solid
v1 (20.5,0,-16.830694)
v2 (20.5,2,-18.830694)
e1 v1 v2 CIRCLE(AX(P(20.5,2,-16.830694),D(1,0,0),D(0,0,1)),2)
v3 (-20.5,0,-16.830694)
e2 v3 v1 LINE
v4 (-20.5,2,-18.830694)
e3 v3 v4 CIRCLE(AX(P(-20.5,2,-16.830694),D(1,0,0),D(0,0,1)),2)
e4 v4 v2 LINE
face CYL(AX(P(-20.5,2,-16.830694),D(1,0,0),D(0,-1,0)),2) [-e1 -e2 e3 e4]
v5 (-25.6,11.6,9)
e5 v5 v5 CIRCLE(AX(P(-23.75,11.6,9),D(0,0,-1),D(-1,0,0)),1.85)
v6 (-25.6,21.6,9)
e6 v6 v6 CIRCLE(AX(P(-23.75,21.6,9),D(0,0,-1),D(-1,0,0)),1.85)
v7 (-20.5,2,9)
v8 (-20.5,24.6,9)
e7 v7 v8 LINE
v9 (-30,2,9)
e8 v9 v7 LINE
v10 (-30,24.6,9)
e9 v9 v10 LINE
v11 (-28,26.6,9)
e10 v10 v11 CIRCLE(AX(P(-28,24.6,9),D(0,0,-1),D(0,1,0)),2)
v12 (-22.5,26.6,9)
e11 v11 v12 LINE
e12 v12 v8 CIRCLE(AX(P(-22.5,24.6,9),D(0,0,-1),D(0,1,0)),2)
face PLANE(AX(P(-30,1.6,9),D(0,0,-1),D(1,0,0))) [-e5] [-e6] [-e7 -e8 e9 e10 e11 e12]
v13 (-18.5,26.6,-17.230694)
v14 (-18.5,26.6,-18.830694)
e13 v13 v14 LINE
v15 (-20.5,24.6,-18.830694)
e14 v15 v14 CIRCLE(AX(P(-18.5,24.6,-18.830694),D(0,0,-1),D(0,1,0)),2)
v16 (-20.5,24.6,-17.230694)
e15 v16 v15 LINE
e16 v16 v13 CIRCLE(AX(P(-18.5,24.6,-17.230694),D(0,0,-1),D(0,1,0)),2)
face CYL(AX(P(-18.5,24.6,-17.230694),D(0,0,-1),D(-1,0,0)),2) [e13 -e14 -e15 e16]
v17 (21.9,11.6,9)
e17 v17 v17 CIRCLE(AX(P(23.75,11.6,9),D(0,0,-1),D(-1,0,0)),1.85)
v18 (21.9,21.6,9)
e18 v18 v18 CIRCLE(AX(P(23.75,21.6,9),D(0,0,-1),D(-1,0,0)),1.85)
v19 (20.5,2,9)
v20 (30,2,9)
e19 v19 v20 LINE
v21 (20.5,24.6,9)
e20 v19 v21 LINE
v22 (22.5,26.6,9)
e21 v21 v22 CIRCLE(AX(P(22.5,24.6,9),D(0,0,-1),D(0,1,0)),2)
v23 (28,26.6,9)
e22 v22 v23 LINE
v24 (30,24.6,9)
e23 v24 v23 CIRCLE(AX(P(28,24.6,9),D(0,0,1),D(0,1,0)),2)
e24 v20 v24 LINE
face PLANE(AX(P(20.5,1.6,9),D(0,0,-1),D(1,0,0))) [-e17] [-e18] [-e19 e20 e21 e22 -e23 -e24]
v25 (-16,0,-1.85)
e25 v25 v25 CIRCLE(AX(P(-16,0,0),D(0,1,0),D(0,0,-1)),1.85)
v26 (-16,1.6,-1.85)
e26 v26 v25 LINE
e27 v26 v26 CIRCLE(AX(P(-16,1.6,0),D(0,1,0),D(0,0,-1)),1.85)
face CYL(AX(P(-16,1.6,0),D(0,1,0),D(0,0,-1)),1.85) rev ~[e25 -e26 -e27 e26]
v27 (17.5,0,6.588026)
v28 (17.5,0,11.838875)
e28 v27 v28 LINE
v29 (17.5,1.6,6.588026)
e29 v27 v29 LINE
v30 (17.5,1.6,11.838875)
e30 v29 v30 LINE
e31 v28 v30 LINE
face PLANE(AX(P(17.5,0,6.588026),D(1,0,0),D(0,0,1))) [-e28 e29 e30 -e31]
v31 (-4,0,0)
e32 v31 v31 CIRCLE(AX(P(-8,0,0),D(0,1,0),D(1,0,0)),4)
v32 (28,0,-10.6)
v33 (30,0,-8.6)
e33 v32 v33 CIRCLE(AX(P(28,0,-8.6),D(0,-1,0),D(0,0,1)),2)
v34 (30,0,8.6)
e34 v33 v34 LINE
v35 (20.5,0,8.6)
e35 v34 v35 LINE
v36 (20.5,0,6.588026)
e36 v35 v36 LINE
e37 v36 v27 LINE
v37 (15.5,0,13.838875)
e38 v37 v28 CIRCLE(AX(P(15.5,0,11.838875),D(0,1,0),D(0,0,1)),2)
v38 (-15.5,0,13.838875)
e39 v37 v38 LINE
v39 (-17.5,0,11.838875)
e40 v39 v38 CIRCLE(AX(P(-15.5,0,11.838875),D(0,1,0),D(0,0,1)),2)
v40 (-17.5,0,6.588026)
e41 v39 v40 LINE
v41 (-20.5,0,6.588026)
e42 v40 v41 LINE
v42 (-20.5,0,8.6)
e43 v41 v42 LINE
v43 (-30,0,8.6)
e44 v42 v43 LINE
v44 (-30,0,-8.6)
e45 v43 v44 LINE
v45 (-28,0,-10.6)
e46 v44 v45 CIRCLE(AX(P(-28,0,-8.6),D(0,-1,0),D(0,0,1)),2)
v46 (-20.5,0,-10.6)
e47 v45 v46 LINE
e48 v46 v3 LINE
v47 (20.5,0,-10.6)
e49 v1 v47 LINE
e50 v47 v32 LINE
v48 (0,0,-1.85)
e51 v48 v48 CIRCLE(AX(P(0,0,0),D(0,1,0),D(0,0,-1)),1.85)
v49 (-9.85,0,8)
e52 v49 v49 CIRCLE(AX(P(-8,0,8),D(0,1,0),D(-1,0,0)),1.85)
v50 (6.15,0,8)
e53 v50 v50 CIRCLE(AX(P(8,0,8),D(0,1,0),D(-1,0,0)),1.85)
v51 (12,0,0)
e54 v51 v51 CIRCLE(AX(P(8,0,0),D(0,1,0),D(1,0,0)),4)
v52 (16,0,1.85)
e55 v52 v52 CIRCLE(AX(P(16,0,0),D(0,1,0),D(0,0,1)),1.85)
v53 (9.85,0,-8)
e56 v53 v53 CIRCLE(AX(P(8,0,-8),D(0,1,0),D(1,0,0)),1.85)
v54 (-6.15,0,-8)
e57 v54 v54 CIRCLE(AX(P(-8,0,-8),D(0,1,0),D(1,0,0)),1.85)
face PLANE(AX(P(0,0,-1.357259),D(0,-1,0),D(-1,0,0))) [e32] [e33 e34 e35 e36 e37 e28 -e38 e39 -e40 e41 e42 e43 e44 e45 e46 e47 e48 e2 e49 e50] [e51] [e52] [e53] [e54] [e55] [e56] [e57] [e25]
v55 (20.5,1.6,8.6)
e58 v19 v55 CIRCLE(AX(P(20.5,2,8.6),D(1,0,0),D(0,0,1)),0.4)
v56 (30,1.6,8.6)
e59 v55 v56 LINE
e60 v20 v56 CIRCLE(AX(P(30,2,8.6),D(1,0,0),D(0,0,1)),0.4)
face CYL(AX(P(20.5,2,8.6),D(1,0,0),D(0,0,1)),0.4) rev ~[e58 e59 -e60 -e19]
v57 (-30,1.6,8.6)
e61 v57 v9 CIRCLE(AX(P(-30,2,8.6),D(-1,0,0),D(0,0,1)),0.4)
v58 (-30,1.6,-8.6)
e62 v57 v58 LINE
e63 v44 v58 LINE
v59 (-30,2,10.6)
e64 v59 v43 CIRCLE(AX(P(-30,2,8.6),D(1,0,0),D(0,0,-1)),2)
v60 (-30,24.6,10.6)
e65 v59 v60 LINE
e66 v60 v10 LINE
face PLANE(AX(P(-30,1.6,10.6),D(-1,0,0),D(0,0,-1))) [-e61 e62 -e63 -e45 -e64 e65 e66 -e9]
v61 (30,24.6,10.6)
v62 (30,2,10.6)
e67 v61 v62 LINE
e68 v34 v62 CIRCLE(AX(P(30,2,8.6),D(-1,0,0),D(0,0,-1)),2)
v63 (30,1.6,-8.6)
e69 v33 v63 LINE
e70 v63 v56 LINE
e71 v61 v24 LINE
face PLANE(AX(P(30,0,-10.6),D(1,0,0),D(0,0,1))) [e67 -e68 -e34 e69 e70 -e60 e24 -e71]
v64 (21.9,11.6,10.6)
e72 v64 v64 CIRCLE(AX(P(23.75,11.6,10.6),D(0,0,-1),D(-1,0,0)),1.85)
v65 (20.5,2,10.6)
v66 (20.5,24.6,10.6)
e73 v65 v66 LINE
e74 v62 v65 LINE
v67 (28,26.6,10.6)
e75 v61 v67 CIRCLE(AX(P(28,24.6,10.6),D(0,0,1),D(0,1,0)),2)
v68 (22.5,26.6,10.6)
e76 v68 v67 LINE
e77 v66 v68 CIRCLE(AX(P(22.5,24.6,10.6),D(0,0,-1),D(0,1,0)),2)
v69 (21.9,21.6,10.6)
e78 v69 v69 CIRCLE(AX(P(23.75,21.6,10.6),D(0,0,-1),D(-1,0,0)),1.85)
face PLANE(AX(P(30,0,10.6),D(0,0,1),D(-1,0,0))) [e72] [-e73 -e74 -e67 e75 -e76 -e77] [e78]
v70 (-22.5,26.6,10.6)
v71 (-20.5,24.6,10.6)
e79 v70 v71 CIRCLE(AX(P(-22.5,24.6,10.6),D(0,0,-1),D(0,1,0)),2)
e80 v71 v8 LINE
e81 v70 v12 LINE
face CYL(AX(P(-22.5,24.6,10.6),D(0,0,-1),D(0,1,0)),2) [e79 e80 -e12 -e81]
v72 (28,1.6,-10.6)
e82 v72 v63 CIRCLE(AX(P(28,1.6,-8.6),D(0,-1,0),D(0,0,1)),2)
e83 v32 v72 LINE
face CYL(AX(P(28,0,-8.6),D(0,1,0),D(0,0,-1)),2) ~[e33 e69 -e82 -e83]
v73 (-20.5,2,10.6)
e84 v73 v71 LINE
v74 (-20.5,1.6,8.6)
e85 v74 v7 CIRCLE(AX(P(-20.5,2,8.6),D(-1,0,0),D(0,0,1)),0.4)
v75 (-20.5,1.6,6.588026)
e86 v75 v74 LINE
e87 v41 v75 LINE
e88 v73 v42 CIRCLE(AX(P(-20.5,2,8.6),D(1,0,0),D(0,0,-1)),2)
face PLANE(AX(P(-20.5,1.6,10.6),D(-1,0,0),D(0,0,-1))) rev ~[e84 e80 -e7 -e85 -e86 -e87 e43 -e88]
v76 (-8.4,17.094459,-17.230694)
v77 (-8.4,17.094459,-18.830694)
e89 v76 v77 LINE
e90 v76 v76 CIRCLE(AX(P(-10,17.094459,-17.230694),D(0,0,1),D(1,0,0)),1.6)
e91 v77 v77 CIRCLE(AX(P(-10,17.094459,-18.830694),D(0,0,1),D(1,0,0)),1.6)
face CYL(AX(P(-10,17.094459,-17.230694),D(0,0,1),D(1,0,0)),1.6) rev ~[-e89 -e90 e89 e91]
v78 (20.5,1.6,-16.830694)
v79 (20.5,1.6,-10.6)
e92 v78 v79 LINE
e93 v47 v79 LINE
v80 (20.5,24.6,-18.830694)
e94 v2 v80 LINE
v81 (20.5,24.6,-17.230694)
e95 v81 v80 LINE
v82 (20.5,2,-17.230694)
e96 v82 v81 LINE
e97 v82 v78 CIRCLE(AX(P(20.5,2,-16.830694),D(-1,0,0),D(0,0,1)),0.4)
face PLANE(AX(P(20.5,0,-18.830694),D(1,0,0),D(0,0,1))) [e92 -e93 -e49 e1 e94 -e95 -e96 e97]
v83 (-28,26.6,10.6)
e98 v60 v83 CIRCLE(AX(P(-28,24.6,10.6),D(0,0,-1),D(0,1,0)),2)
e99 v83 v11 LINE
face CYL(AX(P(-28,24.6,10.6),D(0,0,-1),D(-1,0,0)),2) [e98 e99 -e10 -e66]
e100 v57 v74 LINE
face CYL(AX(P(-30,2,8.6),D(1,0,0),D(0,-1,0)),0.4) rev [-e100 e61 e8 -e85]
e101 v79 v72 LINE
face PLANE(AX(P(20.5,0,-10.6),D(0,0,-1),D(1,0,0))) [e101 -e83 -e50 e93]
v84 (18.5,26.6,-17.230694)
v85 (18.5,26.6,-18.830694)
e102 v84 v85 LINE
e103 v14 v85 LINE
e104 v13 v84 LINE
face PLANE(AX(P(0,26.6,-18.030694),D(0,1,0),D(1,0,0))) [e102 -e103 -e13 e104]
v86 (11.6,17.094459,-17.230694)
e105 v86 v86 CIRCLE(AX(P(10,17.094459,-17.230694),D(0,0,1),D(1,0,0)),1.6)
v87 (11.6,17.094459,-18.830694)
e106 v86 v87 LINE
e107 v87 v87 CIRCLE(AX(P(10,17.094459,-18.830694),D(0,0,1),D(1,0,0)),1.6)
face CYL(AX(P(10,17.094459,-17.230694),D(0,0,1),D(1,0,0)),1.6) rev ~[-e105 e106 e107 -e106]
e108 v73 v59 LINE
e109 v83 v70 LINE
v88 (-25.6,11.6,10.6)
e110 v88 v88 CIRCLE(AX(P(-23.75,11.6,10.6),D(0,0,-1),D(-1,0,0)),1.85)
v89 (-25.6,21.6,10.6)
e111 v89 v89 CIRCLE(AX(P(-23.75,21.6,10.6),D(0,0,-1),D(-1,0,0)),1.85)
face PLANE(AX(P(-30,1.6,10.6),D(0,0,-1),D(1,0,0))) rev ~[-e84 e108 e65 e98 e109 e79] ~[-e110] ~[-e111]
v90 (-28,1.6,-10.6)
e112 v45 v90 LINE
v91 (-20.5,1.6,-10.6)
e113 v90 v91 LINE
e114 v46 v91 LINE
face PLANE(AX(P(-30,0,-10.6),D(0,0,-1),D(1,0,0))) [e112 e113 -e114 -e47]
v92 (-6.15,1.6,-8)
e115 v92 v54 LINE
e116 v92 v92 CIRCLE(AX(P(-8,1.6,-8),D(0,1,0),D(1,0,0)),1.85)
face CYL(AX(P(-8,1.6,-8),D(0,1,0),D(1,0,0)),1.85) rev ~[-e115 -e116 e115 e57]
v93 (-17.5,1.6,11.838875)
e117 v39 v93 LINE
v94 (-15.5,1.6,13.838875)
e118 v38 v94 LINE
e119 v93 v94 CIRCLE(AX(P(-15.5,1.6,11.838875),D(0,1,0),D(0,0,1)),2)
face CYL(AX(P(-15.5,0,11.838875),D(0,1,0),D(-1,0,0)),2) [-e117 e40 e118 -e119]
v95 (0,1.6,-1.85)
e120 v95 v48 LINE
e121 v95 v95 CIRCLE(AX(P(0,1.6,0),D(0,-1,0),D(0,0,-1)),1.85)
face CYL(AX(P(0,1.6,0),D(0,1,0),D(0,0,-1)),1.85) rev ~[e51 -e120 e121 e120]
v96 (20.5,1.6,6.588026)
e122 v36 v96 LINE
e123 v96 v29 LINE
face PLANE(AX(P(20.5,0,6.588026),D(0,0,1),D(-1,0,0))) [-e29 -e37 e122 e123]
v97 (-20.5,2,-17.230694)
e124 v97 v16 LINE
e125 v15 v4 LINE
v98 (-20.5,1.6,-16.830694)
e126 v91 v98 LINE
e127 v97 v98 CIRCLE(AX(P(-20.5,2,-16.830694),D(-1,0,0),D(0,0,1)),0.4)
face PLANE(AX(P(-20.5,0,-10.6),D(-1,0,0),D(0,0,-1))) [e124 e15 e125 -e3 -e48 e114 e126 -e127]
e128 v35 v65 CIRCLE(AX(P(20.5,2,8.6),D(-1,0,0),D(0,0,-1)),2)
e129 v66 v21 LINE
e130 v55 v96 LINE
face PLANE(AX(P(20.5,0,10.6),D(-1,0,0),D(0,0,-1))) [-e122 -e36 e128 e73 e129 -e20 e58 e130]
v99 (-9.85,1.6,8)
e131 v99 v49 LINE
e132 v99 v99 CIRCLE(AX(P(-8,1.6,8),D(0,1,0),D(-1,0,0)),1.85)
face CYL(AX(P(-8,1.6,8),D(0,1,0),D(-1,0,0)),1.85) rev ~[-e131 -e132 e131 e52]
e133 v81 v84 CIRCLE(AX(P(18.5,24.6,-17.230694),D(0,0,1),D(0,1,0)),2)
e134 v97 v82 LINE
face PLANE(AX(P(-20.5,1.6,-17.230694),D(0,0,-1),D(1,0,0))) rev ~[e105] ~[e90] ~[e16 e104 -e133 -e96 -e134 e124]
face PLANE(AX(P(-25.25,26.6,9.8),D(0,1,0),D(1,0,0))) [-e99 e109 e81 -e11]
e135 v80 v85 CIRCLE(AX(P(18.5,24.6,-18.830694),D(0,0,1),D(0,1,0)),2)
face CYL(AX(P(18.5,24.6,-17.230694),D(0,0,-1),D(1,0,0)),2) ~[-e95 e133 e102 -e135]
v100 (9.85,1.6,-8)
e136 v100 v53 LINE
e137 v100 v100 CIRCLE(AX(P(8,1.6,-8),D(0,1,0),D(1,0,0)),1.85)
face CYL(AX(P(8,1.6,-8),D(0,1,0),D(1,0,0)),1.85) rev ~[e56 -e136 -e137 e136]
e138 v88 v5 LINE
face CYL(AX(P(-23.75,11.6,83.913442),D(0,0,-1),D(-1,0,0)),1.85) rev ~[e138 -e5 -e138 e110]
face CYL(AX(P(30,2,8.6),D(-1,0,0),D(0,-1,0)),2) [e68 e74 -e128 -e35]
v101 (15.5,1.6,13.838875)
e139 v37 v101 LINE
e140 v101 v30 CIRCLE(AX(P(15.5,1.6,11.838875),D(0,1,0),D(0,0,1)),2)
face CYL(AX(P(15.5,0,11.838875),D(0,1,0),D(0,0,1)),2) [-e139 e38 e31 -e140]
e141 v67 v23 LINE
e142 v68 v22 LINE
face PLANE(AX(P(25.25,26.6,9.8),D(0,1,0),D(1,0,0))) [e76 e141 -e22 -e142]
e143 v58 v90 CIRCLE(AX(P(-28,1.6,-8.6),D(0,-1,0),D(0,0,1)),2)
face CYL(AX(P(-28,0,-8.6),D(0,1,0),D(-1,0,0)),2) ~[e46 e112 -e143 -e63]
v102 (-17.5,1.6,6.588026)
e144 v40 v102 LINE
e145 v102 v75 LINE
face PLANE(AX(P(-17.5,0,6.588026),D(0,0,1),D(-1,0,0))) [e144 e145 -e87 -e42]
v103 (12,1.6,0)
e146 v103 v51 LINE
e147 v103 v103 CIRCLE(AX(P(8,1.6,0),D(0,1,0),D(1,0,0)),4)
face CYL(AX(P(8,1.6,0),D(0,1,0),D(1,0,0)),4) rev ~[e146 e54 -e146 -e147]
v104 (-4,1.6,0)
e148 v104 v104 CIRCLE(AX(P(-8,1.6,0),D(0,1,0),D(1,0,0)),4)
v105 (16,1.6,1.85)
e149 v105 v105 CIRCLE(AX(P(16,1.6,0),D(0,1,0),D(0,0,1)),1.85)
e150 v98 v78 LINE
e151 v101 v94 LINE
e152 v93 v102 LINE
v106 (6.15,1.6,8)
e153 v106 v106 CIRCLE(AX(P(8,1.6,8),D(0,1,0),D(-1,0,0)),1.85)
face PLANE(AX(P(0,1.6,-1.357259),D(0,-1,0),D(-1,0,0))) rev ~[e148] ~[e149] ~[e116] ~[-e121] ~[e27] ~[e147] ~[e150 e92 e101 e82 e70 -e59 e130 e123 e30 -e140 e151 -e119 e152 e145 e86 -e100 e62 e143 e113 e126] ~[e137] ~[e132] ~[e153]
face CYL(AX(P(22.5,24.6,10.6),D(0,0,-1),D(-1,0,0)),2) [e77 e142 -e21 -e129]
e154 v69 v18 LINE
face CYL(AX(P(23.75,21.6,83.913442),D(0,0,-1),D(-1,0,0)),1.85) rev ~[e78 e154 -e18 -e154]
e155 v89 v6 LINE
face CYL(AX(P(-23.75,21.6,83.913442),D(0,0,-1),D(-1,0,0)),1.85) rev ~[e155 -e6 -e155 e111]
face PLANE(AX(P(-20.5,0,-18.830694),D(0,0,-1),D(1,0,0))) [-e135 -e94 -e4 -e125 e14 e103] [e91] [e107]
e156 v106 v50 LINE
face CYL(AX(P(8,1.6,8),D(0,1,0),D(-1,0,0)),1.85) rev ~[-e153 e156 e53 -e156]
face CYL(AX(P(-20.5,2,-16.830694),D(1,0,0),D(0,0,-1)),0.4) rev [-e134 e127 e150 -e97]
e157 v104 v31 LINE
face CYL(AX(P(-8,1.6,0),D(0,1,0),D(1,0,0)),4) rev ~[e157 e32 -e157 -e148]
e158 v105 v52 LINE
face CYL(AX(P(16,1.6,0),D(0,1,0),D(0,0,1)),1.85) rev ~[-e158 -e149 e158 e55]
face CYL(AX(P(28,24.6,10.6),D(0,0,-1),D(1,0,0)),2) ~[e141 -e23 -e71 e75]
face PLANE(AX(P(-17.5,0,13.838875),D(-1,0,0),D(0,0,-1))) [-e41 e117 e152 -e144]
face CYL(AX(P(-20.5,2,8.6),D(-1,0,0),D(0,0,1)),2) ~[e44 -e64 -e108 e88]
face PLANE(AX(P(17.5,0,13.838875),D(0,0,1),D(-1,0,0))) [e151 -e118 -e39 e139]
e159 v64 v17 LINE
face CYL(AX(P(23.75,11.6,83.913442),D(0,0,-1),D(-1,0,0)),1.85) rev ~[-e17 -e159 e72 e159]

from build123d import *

# Parameters (mm, degrees)
EXTRUDE1_DEPTH             = 1.6
SKETCH2_W                  = 9.5
SKETCH2_H                  = 1.6
SKETCH2_W_2                = 41
EXTRUDE2_DEPTH             = 25
FILLET2_R                  = 0.4
FILLET3_R                  = 2
F_3_7_3_7_DIAMETER_HOLE1_D = 3.7
SKETCH4_R                  = 1.6
CUT_EXTRUDE2_DEPTH         = 2.6
SKETCH5_R                  = 4
CUT_EXTRUDE3_DEPTH         = 2.6
SKETCH5_3_R                = 1.85
CUT_EXTRUDE4_DEPTH         = 2.6
CIRPATTERN1_COUNT          = 4
SKETCH5_4_R                = 1.85
CUT_EXTRUDE5_DEPTH         = 10
CIRPATTERN2_COUNT          = 4


with BuildPart() as part:
    # Sketch1 → Extrude1 (new body)
    with BuildSketch(Plane(origin=(0, 0, 0), x_dir=(1, 0, 0), z_dir=(0, 1, 0))):
        Polygon((-30, -10.6), (-30, 10.6), (-20.5, 10.6), (-20.5, 18.83069384), (20.5, 18.83069384), (20.5, 10.6), (30, 10.6), (30, -10.6), (20.5, -10.6), (20.5, -6.588025881), (17.5, -6.588025881), (17.5, -13.838875216), (-17.5, -13.838875216), (-17.5, -6.588025881), (-20.5, -6.588025881), (-20.5, -10.6), align=None)
    extrude(amount=EXTRUDE1_DEPTH)

    # Sketch2 → Extrude2 (add)
    with BuildSketch(Plane(origin=(0, 1.6, 0), x_dir=(1, 0, 0), z_dir=(0, 1, 0))):
        with Locations((-25.25, -9.8)):
            Rectangle(SKETCH2_W, SKETCH2_H)
        with Locations((25.25, -9.8)):
            Rectangle(SKETCH2_W, SKETCH2_H)
        with Locations((0, 18.03069384)):
            Rectangle(SKETCH2_W_2, SKETCH2_H)
    extrude(amount=EXTRUDE2_DEPTH)

    # Fillet2
    fillet2_edges = [part.edges().sort_by_distance(p)[0] for p in [
        (-25.25, 1.6, 9),
        (25.25, 1.6, 9),
        (0, 1.6, -17.23069384),
    ]]
    fillet(fillet2_edges, radius=FILLET2_R)

    # Fillet3
    fillet3_edges = [part.edges().sort_by_distance(p)[0] for p in [
        (-30, 0.8, -10.6),
        (-17.5, 0.8, 13.838875216),
        (30, 0.8, -10.6),
        (20.5, 26.6, 9.8),
        (30, 26.6, 9.8),
        (20.5, 26.6, -18.03069384),
        (-20.5, 26.6, -18.03069384),
        (-30, 26.6, 9.8),
        (-20.5, 26.6, 9.8),
        (-25.25, 0, 10.6),
        (25.25, 0, 10.6),
        (0, 0, -18.83069384),
        (17.5, 0.8, 13.838875216),
    ]]
    fillet(fillet3_edges, radius=FILLET3_R)

    # 3.7 _3.7_ Diameter Hole1 (through all)
    with Locations(Plane.XY.offset(10.6)):
        with Locations((-23.75, 21.6), (-23.75, 11.6), (23.75, 11.6), (23.75, 21.6)):
            Hole(F_3_7_3_7_DIAMETER_HOLE1_D / 2)

    # Sketch4 → Cut-Extrude2 (cut, through all)
    with BuildSketch(Plane.XY.offset(-17.23069384)):
        with Locations((10, 17.09445923)):
            Circle(SKETCH4_R)
        with Locations((-10, 17.09445923)):
            Circle(SKETCH4_R)
    extrude(amount=-CUT_EXTRUDE2_DEPTH, mode=Mode.SUBTRACT)

    # Sketch5 → Cut-Extrude3 (cut, through all)
    with BuildSketch(Plane(origin=(0, 1.6, 0), x_dir=(1, 0, 0), z_dir=(0, 1, 0))):
        with Locations((8, 0)):
            Circle(SKETCH5_R)
        with Locations((-8, 0)):
            Circle(SKETCH5_R)
    extrude(amount=-CUT_EXTRUDE3_DEPTH, mode=Mode.SUBTRACT)

    # Sketch5_3 → Cut-Extrude4 (cut, through all)
    with BuildSketch(Plane(origin=(0, 1.6, 0), x_dir=(1, 0, 0), z_dir=(0, 1, 0))):
        with Locations((8, 8)):
            Circle(SKETCH5_3_R)
    cut_extrude4 = extrude(amount=-CUT_EXTRUDE4_DEPTH, mode=Mode.SUBTRACT)

    # CirPattern1: Cut-Extrude4 ×4 about axis
    cirpattern1_axis = Axis((8, 0, 0), (0, 1, 0))
    for i in range(1, CIRPATTERN1_COUNT):
        add(cut_extrude4.rotate(cirpattern1_axis, i * 360 / CIRPATTERN1_COUNT), mode=Mode.SUBTRACT)

    # Sketch5_4 → Cut-Extrude5 (cut)
    with BuildSketch(Plane(origin=(0, 1.6, 0), x_dir=(1, 0, 0), z_dir=(0, 1, 0))):
        with Locations((-8, 8)):
            Circle(SKETCH5_4_R)
    cut_extrude5 = extrude(amount=-CUT_EXTRUDE5_DEPTH, mode=Mode.SUBTRACT)

    # CirPattern2: Cut-Extrude5 ×4 about axis
    cirpattern2_axis = Axis((-8, 0, 0), (0, 1, 0))
    for i in range(1, CIRPATTERN2_COUNT):
        add(cut_extrude5.rotate(cirpattern2_axis, i * 360 / CIRPATTERN2_COUNT), mode=Mode.SUBTRACT)


solid = part.part
